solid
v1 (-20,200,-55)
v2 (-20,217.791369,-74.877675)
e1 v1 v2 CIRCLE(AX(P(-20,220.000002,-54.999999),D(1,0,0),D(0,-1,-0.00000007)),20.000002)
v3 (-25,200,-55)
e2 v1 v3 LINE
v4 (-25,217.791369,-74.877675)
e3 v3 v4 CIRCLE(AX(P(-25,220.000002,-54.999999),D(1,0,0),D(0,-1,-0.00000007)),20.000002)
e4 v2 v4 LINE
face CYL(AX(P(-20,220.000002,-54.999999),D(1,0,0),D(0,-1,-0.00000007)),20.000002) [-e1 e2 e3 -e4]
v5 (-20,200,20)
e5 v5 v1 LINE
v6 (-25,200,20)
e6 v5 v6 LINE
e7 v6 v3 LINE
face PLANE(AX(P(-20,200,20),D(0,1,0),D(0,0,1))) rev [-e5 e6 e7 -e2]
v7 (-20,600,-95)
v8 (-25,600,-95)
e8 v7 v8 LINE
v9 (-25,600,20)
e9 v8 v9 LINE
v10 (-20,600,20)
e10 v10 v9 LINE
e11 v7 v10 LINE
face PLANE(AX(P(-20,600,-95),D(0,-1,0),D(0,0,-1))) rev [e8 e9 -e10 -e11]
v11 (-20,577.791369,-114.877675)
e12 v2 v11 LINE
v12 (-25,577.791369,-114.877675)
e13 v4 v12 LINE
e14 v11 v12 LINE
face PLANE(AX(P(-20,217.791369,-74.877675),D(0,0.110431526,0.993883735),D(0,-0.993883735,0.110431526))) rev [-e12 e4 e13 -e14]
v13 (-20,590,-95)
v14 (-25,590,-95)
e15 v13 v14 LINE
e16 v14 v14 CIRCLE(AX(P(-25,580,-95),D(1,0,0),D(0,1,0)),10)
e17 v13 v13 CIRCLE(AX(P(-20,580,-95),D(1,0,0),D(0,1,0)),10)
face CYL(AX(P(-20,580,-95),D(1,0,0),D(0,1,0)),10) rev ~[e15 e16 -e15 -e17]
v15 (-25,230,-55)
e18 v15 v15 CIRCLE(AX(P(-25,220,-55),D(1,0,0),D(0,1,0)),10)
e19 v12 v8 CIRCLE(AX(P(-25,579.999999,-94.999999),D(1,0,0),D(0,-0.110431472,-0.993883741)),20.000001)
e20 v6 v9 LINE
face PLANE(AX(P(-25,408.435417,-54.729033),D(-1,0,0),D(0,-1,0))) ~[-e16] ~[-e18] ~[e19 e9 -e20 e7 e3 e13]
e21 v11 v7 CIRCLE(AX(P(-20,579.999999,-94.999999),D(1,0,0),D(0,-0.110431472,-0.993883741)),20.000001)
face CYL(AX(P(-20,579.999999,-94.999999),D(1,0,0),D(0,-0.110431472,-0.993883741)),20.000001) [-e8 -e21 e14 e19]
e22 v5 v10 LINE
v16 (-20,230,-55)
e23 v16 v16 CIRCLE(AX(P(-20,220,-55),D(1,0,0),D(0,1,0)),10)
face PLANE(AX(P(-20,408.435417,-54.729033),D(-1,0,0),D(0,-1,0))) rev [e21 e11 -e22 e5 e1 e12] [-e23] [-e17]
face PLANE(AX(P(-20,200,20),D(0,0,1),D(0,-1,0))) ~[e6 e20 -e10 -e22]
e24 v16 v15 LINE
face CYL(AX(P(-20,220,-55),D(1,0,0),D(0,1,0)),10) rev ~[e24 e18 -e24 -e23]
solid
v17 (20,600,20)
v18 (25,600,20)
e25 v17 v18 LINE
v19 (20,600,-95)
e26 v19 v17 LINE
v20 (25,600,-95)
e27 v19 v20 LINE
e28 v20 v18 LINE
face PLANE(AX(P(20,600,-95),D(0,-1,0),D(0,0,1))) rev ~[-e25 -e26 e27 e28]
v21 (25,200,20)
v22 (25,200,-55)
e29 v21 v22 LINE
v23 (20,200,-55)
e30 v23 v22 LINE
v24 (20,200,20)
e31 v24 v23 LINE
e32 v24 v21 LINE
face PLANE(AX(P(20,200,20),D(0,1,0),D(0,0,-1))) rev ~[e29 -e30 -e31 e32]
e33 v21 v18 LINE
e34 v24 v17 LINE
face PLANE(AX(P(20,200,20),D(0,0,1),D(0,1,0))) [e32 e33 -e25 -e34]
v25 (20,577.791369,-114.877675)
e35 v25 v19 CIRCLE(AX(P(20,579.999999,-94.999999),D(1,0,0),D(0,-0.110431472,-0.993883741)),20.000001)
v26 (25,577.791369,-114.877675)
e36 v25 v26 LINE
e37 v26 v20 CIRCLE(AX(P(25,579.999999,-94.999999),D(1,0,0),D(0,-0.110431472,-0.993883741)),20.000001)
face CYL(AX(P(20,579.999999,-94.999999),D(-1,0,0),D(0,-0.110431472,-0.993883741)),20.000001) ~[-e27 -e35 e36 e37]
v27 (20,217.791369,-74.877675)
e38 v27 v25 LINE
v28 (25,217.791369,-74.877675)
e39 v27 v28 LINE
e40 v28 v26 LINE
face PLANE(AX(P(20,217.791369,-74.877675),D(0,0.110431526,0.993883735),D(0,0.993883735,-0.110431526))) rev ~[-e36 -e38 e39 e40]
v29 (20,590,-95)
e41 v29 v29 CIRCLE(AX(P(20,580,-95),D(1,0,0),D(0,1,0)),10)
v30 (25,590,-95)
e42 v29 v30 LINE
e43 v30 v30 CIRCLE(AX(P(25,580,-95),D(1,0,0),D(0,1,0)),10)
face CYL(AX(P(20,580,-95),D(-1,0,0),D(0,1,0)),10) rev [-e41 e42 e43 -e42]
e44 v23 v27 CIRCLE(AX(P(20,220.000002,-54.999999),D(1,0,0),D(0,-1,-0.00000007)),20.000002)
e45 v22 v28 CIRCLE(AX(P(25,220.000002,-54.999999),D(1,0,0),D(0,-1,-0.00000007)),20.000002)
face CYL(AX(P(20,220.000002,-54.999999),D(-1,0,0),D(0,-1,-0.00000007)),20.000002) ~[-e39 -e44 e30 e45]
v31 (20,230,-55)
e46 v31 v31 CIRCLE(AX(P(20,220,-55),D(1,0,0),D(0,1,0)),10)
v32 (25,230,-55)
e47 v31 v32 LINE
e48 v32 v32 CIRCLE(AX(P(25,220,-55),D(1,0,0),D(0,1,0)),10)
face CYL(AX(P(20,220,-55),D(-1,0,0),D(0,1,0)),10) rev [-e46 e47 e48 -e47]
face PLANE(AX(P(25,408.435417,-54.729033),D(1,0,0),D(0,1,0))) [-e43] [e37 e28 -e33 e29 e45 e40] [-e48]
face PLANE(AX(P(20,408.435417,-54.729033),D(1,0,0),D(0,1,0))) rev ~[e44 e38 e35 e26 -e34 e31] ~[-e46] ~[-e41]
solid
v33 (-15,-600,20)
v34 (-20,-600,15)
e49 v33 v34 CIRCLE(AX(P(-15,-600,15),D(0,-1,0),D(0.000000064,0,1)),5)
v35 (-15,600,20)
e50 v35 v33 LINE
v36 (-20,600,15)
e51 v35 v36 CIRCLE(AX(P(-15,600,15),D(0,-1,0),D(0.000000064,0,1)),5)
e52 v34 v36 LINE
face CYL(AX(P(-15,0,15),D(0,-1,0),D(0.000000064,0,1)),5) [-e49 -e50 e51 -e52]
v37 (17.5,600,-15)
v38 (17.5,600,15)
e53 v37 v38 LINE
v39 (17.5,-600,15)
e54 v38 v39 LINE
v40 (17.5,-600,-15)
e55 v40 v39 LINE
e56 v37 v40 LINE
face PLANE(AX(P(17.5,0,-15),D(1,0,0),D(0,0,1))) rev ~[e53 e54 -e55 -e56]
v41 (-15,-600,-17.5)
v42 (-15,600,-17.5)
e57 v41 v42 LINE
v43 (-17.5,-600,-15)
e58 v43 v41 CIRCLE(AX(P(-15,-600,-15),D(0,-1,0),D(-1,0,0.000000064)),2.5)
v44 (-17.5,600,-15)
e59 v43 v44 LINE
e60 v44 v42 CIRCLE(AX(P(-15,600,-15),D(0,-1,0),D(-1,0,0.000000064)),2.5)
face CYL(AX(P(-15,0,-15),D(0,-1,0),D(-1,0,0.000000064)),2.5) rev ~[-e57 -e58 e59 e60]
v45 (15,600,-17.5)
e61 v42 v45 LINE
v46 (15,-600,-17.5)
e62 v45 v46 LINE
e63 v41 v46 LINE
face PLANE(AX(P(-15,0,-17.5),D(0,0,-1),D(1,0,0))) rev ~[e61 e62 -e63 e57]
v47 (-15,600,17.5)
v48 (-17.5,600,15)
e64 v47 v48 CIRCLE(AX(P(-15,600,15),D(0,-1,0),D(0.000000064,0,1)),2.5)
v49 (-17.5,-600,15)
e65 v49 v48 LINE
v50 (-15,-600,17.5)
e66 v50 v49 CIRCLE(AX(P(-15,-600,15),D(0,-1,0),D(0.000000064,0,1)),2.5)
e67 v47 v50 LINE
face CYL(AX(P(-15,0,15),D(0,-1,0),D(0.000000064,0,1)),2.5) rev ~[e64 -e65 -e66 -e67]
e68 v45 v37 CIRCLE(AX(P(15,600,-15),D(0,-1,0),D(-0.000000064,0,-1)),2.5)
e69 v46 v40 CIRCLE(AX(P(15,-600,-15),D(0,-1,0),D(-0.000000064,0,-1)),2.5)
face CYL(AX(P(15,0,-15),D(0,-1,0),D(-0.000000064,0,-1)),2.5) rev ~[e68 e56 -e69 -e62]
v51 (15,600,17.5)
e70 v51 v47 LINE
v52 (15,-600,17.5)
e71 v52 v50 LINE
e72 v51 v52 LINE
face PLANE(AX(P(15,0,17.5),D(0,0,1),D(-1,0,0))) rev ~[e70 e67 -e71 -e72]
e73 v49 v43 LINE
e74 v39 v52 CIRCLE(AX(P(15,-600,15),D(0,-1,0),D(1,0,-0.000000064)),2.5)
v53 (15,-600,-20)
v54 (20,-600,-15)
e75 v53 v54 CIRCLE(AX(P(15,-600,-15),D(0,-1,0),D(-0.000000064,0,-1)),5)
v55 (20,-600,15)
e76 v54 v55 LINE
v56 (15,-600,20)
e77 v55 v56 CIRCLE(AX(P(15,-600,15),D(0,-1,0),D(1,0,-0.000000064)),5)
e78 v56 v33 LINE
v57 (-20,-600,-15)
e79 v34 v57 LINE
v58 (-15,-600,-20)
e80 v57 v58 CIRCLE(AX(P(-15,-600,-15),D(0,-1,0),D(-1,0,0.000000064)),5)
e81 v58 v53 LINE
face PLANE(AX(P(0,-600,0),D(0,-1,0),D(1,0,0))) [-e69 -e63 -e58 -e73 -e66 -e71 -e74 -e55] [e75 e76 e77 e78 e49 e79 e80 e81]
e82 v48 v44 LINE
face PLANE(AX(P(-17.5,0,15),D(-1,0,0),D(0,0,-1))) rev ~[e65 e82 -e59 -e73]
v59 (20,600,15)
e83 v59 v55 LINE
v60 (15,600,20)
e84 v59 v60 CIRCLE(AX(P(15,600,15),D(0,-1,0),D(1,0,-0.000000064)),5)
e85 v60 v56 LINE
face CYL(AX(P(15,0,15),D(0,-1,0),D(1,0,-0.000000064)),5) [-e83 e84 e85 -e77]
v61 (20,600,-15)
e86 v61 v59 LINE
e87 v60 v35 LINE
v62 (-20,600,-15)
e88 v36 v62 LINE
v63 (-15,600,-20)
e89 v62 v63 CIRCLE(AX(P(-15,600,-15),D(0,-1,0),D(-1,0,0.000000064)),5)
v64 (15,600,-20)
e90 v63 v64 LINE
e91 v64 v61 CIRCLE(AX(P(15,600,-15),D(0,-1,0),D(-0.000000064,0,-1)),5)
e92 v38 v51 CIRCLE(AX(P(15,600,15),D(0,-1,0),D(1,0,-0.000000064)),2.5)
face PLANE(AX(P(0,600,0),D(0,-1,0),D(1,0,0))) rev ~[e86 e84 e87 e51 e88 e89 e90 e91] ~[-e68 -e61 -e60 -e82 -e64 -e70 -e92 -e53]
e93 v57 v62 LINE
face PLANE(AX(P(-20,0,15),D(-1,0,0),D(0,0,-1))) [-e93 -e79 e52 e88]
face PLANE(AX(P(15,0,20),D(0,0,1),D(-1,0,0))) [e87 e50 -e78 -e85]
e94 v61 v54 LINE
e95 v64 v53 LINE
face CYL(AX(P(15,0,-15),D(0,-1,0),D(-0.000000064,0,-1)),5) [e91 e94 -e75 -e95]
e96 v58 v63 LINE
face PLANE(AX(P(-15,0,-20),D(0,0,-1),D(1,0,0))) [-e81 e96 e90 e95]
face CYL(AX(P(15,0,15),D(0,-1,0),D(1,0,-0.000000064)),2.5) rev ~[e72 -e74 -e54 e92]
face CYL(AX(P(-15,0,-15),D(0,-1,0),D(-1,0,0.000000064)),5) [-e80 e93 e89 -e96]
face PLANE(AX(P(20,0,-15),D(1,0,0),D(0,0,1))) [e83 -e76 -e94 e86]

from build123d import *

# Parameters (mm, degrees)
F1_DEPTH = 600
F2_T     = -2.5
F3_R     = 10
F3_W     = 400
F3_H     = 30
F3_H_2   = 5
F4_DEPTH = 5


with BuildPart() as f1:
    # F0 (on Front) → F1 (new body, symmetric)
    with BuildSketch(Plane.XZ):
        with BuildLine():
            Line((-15, -20), (15, -20))
            ThreePointArc((15, -20), (18.535534, -18.535534), (20, -15))
            Line((20, -15), (20, 15))
            ThreePointArc((20, 15), (18.535534, 18.535534), (15, 20))
            Line((15, 20), (-15, 20))
            ThreePointArc((-15, 20), (-18.535534, 18.535534), (-20, 15))
            Line((-20, 15), (-20, -15))
            ThreePointArc((-20, -15), (-18.535534, -18.535534), (-15, -20))
        make_face()
    extrude(amount=F1_DEPTH, both=True)

    # F2
    f2_openings = [f1.faces().sort_by_distance(p)[0] for p in [
        (0, -600, 0),
        (0, 600, 0),
    ]]
    offset(amount=F2_T, openings=f2_openings)


with BuildPart() as f4:
    # F3 (on face) → F4 (new body)
    with BuildSketch(Plane.YZ.offset(20)):
        with BuildLine():
            Line((600, -95), (600, -15))
            Line((600, -15), (200, -15))
            Line((200, -15), (200, -55))
            ThreePointArc((200, -55), (205.09744, -68.338429), (217.791369, -74.877675))
            Line((217.791369, -74.877675), (577.791369, -114.877675))
            ThreePointArc((577.791369, -114.877675), (593.338429, -109.90256), (600, -95))
        make_face()
        with Locations((580, -95)):
            Circle(F3_R, mode=Mode.SUBTRACT)
        with Locations((220, -55)):
            Circle(F3_R, mode=Mode.SUBTRACT)
        with Locations((400, 0)):
            Rectangle(F3_W, F3_H)
        with Locations((400, 17.5)):
            Rectangle(F3_W, F3_H_2)
    extrude(amount=F4_DEPTH)


with BuildPart() as f5_1:
    # F5: instance of F4
    add(f4.part.mirror(Plane.YZ))


solid = Compound([f1.part, f4.part, f5_1.part])
